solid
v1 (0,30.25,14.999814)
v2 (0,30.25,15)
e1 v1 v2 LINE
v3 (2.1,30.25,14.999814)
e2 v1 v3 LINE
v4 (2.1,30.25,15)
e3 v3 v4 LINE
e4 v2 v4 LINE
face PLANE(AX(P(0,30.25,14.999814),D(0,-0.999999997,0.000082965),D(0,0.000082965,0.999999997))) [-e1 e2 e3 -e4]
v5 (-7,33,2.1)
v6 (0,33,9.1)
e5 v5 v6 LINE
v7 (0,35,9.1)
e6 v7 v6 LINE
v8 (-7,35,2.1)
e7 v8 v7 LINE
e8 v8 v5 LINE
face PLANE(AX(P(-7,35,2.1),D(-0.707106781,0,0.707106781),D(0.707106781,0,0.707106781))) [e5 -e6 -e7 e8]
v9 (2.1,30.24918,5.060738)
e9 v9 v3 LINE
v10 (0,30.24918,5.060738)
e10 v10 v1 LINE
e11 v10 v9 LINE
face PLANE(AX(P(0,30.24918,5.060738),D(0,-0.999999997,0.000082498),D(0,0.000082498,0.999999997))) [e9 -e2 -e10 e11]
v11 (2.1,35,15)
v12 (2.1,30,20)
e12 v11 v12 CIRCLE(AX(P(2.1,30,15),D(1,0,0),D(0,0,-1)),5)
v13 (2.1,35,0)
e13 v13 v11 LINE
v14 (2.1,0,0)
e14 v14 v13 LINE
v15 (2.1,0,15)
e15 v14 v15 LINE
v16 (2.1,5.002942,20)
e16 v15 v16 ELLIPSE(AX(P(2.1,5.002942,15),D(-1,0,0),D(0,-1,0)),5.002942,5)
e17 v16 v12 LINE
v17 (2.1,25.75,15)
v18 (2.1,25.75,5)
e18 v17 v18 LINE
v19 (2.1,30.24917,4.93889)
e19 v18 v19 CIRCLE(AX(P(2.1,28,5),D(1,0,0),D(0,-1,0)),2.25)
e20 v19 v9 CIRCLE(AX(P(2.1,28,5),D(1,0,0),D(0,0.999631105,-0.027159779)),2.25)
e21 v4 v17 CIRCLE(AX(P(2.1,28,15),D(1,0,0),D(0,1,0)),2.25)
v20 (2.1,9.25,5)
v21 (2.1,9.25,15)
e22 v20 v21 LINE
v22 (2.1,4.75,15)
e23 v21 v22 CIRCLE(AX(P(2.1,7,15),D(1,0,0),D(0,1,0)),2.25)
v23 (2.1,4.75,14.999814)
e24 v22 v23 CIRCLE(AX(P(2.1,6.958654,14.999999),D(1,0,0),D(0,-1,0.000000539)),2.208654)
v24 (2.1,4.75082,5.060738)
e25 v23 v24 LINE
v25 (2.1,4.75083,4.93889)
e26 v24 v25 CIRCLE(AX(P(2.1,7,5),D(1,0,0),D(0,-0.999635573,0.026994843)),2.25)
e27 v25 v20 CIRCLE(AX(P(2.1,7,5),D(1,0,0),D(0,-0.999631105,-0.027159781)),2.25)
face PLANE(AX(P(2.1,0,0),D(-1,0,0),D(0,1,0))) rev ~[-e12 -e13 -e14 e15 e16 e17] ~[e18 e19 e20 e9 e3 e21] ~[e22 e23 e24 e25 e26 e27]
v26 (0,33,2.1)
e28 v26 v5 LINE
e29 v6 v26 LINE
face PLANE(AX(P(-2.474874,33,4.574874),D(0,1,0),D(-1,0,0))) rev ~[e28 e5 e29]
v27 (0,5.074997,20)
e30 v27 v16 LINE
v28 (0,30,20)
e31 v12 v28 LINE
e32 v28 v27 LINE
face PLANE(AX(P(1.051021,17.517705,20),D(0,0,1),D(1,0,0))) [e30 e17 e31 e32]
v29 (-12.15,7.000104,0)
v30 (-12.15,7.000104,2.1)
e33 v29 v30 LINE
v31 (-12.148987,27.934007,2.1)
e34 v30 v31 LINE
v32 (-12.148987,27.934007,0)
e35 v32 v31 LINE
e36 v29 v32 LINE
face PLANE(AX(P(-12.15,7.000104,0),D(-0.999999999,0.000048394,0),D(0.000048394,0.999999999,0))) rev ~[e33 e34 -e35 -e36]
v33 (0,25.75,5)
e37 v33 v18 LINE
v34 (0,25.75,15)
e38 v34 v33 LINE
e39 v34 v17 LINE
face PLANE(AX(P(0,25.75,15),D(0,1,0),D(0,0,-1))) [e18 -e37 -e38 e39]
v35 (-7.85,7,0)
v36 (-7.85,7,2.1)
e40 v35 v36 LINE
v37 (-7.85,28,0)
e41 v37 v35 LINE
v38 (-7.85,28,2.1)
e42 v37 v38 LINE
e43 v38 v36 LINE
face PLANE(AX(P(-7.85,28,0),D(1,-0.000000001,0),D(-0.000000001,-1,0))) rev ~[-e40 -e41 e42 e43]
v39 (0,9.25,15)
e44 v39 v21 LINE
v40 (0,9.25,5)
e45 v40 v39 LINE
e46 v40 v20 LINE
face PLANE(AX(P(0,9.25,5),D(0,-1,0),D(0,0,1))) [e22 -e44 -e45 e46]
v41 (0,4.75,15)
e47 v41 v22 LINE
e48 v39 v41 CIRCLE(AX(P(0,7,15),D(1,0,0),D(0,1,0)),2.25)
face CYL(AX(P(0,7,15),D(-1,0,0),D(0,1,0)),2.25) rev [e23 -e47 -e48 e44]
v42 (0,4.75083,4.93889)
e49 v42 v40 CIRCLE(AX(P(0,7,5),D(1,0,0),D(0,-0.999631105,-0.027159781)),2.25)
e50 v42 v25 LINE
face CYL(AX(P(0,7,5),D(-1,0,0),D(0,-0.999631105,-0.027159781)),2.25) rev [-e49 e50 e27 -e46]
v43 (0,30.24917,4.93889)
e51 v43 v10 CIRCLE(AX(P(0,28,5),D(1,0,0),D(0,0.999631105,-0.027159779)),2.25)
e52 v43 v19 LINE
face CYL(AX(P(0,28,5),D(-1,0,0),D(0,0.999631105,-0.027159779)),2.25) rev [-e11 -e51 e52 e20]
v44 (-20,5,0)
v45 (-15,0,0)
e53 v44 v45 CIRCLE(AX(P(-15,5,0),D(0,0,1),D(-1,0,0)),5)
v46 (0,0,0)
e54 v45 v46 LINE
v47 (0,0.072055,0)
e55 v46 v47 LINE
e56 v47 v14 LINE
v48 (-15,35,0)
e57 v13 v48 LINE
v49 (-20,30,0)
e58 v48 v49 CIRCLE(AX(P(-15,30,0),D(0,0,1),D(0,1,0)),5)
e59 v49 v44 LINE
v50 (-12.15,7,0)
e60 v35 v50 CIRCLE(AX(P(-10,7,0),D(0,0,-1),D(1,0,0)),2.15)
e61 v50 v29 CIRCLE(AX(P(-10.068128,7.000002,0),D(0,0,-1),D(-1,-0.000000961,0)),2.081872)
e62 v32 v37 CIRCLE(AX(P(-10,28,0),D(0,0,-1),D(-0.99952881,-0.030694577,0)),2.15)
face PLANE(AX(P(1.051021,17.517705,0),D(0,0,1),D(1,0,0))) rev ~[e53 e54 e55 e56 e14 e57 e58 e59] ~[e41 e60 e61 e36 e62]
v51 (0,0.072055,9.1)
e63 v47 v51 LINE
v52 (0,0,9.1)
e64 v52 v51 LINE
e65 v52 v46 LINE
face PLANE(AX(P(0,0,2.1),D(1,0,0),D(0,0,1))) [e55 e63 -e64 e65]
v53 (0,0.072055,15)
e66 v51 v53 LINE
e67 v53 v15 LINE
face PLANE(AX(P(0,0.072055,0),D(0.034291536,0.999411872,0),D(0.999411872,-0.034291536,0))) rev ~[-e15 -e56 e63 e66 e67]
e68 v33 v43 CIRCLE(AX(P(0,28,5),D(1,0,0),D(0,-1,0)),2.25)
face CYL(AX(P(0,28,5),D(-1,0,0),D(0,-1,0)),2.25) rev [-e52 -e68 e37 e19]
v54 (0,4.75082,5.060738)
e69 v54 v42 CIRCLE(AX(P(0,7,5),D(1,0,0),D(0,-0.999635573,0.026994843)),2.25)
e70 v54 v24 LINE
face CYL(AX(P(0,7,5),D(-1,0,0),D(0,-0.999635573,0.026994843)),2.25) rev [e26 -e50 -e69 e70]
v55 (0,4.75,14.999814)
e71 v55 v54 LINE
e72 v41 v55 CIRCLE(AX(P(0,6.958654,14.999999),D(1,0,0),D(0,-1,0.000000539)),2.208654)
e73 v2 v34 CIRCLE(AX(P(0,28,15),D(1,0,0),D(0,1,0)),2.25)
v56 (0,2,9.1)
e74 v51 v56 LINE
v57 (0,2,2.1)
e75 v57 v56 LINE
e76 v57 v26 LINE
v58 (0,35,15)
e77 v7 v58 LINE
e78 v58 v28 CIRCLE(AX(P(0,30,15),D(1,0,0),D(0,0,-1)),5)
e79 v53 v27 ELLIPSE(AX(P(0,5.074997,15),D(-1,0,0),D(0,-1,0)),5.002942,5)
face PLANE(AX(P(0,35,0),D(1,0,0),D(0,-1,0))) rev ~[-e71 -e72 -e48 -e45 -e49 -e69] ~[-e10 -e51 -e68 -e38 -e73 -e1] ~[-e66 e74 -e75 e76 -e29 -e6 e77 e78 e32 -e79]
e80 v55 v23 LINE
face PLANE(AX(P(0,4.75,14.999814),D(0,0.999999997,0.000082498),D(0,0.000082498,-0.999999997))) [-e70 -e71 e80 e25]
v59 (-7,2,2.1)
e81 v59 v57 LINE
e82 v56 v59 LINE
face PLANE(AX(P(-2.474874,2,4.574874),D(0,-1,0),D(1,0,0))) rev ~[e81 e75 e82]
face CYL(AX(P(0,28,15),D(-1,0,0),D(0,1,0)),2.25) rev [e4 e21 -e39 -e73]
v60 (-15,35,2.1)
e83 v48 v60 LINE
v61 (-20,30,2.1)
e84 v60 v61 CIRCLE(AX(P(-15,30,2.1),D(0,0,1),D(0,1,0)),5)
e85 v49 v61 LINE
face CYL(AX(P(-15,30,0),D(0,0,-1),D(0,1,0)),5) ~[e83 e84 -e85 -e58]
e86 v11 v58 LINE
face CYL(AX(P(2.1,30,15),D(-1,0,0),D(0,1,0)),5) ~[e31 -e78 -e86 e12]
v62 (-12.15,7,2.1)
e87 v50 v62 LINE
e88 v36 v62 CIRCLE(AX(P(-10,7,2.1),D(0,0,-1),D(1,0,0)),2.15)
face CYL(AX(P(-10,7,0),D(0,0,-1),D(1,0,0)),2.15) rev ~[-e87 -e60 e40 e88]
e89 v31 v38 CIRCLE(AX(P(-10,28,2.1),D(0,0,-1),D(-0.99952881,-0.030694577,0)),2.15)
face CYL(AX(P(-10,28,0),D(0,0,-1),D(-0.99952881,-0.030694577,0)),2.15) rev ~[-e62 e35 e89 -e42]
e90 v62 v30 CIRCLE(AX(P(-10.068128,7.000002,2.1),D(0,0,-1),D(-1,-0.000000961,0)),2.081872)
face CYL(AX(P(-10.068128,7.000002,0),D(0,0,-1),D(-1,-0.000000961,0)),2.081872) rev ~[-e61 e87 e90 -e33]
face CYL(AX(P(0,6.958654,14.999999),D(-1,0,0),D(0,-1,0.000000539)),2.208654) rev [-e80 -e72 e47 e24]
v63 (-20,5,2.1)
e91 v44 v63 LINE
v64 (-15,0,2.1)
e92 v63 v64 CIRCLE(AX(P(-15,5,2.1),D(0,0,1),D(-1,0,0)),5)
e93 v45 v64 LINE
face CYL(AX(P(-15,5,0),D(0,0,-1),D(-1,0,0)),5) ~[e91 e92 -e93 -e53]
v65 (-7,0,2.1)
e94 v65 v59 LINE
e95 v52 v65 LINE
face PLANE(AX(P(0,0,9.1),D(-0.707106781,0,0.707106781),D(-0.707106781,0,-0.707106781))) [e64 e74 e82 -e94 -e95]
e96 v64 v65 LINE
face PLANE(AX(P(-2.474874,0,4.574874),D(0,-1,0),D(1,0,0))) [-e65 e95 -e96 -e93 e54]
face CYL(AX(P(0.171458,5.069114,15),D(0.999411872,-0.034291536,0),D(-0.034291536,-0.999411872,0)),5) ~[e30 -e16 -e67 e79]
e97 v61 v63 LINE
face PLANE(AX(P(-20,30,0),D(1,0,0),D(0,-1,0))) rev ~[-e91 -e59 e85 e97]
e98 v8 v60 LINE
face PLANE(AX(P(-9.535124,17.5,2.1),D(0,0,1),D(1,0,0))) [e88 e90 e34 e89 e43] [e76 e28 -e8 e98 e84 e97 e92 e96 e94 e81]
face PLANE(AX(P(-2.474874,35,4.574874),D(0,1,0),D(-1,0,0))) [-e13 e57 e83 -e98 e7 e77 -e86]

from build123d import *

# Parameters (mm, degrees)
F1_DEPTH  = 2.1
F3_DEPTH  = 20
F5_DEPTH  = 2.1
F6_R      = 5
F8_DEPTH  = 2
F11_DEPTH = 2


with BuildPart() as f1:
    # F0 (on Top) → F1 (new body)
    with BuildSketch(Plane.XY):
        with BuildLine():
            Line((-15, 0), (0, 0))
            Line((0, 0), (0, 35))
            Line((0, 35), (-15, 35))
            ThreePointArc((-15, 35), (-18.5355339059, 33.5355339059), (-20, 30))
            Line((-20, 30), (-20, 5))
            ThreePointArc((-20, 5), (-18.5355339059, 1.4644660941), (-15, 0))
        make_face()
        with BuildLine():
            ThreePointArc((-12.1489869425, 27.9340066588), (-10.0330005573, 30.1497467207), (-7.85, 27.9999999982))
            Line((-7.85, 27.9999999982), (-7.8500000178, 7))
            ThreePointArc((-7.8500000178, 7), (-10.0000000178, 4.85), (-12.1500000178, 7))
            ThreePointArc((-12.1500000178, 7), (-12.1500000172, 7.0000520234), (-12.1500000153, 7.0001040468))
            Line((-12.1500000153, 7.0001040468), (-12.1489869425, 27.9340066588))
        make_face(mode=Mode.SUBTRACT)
    extrude(amount=F1_DEPTH)

    # F2 (on Top) → F3 (join)
    with BuildSketch(Plane.XY):
        Polygon((0, 35), (0, 0.0720546025), (2.1, 0), (2.1, 35), align=None)
    extrude(amount=F3_DEPTH)

    # F4 (on Right) → F5 (cut, through all)
    with BuildSketch(Plane.YZ):
        with BuildLine():
            Line((9.25, 5), (9.25, 15))
            ThreePointArc((9.25, 15), (7, 17.25), (4.75, 15))
            ThreePointArc((4.75, 15), (4.7500000019, 14.9999071898), (4.7500000077, 14.9998143795))
            Line((4.7500000077, 14.9998143795), (4.7508199613, 5.0607384035))
            Line((4.7508199613, 5.0607384035), (4.7508300135, 4.9388904917))
            ThreePointArc((4.7508300135, 4.9388904917), (7.0305575724, 2.750207513), (9.25, 5))
        make_face()
        with BuildLine():
            ThreePointArc((4.7508199613, 5.0607384035), (4.7500000077, 4.9998143795), (4.7508300135, 4.9388904917))
            Line((4.7508300135, 4.9388904917), (4.7508199613, 5.0607384035))
        make_face()
        with BuildLine():
            ThreePointArc((25.75, 5), (27.9694424276, 2.750207513), (30.2491699865, 4.9388904917))
            Line((30.2491699865, 4.9388904917), (30.2491800387, 5.0607384035))
            Line((30.2491800387, 5.0607384035), (30.2499999923, 14.9998143795))
            Line((30.2499999923, 14.9998143795), (30.2500000077, 15))
            ThreePointArc((30.25, 15), (28, 17.25), (25.75, 15))
            Line((25.75, 15), (25.75, 5))
        make_face()
        with BuildLine():
            Line((30.2491800387, 5.0607384035), (30.2491699865, 4.9388904917))
            ThreePointArc((30.2491699865, 4.9388904917), (30.2499999923, 4.9998143795), (30.2491800387, 5.0607384035))
        make_face()
    extrude(amount=F5_DEPTH, mode=Mode.SUBTRACT)

    # F6
    f6_edges = [f1.edges().sort_by_distance(p)[0] for p in [
        (1.05, 35, 20),
        (1.05, 0.036027, 20),
    ]]
    fillet(f6_edges, radius=F6_R)

    # F7 (on Front) → F8 (join)
    with BuildSketch(Plane.XZ):
        Polygon((-7, 2.1), (0, 2.1), (0, 9.1), align=None)
    extrude(amount=-F8_DEPTH)

    # F10 (on offset) → F11 (join)
    with BuildSketch(Plane(origin=(0, 35, 0), x_dir=(-1, 0, 0), z_dir=(0, 1, 0))):
        Polygon((0, 9.1), (0, 2.1), (7, 2.1), align=None)
    extrude(amount=-F11_DEPTH)


solid = f1.part
